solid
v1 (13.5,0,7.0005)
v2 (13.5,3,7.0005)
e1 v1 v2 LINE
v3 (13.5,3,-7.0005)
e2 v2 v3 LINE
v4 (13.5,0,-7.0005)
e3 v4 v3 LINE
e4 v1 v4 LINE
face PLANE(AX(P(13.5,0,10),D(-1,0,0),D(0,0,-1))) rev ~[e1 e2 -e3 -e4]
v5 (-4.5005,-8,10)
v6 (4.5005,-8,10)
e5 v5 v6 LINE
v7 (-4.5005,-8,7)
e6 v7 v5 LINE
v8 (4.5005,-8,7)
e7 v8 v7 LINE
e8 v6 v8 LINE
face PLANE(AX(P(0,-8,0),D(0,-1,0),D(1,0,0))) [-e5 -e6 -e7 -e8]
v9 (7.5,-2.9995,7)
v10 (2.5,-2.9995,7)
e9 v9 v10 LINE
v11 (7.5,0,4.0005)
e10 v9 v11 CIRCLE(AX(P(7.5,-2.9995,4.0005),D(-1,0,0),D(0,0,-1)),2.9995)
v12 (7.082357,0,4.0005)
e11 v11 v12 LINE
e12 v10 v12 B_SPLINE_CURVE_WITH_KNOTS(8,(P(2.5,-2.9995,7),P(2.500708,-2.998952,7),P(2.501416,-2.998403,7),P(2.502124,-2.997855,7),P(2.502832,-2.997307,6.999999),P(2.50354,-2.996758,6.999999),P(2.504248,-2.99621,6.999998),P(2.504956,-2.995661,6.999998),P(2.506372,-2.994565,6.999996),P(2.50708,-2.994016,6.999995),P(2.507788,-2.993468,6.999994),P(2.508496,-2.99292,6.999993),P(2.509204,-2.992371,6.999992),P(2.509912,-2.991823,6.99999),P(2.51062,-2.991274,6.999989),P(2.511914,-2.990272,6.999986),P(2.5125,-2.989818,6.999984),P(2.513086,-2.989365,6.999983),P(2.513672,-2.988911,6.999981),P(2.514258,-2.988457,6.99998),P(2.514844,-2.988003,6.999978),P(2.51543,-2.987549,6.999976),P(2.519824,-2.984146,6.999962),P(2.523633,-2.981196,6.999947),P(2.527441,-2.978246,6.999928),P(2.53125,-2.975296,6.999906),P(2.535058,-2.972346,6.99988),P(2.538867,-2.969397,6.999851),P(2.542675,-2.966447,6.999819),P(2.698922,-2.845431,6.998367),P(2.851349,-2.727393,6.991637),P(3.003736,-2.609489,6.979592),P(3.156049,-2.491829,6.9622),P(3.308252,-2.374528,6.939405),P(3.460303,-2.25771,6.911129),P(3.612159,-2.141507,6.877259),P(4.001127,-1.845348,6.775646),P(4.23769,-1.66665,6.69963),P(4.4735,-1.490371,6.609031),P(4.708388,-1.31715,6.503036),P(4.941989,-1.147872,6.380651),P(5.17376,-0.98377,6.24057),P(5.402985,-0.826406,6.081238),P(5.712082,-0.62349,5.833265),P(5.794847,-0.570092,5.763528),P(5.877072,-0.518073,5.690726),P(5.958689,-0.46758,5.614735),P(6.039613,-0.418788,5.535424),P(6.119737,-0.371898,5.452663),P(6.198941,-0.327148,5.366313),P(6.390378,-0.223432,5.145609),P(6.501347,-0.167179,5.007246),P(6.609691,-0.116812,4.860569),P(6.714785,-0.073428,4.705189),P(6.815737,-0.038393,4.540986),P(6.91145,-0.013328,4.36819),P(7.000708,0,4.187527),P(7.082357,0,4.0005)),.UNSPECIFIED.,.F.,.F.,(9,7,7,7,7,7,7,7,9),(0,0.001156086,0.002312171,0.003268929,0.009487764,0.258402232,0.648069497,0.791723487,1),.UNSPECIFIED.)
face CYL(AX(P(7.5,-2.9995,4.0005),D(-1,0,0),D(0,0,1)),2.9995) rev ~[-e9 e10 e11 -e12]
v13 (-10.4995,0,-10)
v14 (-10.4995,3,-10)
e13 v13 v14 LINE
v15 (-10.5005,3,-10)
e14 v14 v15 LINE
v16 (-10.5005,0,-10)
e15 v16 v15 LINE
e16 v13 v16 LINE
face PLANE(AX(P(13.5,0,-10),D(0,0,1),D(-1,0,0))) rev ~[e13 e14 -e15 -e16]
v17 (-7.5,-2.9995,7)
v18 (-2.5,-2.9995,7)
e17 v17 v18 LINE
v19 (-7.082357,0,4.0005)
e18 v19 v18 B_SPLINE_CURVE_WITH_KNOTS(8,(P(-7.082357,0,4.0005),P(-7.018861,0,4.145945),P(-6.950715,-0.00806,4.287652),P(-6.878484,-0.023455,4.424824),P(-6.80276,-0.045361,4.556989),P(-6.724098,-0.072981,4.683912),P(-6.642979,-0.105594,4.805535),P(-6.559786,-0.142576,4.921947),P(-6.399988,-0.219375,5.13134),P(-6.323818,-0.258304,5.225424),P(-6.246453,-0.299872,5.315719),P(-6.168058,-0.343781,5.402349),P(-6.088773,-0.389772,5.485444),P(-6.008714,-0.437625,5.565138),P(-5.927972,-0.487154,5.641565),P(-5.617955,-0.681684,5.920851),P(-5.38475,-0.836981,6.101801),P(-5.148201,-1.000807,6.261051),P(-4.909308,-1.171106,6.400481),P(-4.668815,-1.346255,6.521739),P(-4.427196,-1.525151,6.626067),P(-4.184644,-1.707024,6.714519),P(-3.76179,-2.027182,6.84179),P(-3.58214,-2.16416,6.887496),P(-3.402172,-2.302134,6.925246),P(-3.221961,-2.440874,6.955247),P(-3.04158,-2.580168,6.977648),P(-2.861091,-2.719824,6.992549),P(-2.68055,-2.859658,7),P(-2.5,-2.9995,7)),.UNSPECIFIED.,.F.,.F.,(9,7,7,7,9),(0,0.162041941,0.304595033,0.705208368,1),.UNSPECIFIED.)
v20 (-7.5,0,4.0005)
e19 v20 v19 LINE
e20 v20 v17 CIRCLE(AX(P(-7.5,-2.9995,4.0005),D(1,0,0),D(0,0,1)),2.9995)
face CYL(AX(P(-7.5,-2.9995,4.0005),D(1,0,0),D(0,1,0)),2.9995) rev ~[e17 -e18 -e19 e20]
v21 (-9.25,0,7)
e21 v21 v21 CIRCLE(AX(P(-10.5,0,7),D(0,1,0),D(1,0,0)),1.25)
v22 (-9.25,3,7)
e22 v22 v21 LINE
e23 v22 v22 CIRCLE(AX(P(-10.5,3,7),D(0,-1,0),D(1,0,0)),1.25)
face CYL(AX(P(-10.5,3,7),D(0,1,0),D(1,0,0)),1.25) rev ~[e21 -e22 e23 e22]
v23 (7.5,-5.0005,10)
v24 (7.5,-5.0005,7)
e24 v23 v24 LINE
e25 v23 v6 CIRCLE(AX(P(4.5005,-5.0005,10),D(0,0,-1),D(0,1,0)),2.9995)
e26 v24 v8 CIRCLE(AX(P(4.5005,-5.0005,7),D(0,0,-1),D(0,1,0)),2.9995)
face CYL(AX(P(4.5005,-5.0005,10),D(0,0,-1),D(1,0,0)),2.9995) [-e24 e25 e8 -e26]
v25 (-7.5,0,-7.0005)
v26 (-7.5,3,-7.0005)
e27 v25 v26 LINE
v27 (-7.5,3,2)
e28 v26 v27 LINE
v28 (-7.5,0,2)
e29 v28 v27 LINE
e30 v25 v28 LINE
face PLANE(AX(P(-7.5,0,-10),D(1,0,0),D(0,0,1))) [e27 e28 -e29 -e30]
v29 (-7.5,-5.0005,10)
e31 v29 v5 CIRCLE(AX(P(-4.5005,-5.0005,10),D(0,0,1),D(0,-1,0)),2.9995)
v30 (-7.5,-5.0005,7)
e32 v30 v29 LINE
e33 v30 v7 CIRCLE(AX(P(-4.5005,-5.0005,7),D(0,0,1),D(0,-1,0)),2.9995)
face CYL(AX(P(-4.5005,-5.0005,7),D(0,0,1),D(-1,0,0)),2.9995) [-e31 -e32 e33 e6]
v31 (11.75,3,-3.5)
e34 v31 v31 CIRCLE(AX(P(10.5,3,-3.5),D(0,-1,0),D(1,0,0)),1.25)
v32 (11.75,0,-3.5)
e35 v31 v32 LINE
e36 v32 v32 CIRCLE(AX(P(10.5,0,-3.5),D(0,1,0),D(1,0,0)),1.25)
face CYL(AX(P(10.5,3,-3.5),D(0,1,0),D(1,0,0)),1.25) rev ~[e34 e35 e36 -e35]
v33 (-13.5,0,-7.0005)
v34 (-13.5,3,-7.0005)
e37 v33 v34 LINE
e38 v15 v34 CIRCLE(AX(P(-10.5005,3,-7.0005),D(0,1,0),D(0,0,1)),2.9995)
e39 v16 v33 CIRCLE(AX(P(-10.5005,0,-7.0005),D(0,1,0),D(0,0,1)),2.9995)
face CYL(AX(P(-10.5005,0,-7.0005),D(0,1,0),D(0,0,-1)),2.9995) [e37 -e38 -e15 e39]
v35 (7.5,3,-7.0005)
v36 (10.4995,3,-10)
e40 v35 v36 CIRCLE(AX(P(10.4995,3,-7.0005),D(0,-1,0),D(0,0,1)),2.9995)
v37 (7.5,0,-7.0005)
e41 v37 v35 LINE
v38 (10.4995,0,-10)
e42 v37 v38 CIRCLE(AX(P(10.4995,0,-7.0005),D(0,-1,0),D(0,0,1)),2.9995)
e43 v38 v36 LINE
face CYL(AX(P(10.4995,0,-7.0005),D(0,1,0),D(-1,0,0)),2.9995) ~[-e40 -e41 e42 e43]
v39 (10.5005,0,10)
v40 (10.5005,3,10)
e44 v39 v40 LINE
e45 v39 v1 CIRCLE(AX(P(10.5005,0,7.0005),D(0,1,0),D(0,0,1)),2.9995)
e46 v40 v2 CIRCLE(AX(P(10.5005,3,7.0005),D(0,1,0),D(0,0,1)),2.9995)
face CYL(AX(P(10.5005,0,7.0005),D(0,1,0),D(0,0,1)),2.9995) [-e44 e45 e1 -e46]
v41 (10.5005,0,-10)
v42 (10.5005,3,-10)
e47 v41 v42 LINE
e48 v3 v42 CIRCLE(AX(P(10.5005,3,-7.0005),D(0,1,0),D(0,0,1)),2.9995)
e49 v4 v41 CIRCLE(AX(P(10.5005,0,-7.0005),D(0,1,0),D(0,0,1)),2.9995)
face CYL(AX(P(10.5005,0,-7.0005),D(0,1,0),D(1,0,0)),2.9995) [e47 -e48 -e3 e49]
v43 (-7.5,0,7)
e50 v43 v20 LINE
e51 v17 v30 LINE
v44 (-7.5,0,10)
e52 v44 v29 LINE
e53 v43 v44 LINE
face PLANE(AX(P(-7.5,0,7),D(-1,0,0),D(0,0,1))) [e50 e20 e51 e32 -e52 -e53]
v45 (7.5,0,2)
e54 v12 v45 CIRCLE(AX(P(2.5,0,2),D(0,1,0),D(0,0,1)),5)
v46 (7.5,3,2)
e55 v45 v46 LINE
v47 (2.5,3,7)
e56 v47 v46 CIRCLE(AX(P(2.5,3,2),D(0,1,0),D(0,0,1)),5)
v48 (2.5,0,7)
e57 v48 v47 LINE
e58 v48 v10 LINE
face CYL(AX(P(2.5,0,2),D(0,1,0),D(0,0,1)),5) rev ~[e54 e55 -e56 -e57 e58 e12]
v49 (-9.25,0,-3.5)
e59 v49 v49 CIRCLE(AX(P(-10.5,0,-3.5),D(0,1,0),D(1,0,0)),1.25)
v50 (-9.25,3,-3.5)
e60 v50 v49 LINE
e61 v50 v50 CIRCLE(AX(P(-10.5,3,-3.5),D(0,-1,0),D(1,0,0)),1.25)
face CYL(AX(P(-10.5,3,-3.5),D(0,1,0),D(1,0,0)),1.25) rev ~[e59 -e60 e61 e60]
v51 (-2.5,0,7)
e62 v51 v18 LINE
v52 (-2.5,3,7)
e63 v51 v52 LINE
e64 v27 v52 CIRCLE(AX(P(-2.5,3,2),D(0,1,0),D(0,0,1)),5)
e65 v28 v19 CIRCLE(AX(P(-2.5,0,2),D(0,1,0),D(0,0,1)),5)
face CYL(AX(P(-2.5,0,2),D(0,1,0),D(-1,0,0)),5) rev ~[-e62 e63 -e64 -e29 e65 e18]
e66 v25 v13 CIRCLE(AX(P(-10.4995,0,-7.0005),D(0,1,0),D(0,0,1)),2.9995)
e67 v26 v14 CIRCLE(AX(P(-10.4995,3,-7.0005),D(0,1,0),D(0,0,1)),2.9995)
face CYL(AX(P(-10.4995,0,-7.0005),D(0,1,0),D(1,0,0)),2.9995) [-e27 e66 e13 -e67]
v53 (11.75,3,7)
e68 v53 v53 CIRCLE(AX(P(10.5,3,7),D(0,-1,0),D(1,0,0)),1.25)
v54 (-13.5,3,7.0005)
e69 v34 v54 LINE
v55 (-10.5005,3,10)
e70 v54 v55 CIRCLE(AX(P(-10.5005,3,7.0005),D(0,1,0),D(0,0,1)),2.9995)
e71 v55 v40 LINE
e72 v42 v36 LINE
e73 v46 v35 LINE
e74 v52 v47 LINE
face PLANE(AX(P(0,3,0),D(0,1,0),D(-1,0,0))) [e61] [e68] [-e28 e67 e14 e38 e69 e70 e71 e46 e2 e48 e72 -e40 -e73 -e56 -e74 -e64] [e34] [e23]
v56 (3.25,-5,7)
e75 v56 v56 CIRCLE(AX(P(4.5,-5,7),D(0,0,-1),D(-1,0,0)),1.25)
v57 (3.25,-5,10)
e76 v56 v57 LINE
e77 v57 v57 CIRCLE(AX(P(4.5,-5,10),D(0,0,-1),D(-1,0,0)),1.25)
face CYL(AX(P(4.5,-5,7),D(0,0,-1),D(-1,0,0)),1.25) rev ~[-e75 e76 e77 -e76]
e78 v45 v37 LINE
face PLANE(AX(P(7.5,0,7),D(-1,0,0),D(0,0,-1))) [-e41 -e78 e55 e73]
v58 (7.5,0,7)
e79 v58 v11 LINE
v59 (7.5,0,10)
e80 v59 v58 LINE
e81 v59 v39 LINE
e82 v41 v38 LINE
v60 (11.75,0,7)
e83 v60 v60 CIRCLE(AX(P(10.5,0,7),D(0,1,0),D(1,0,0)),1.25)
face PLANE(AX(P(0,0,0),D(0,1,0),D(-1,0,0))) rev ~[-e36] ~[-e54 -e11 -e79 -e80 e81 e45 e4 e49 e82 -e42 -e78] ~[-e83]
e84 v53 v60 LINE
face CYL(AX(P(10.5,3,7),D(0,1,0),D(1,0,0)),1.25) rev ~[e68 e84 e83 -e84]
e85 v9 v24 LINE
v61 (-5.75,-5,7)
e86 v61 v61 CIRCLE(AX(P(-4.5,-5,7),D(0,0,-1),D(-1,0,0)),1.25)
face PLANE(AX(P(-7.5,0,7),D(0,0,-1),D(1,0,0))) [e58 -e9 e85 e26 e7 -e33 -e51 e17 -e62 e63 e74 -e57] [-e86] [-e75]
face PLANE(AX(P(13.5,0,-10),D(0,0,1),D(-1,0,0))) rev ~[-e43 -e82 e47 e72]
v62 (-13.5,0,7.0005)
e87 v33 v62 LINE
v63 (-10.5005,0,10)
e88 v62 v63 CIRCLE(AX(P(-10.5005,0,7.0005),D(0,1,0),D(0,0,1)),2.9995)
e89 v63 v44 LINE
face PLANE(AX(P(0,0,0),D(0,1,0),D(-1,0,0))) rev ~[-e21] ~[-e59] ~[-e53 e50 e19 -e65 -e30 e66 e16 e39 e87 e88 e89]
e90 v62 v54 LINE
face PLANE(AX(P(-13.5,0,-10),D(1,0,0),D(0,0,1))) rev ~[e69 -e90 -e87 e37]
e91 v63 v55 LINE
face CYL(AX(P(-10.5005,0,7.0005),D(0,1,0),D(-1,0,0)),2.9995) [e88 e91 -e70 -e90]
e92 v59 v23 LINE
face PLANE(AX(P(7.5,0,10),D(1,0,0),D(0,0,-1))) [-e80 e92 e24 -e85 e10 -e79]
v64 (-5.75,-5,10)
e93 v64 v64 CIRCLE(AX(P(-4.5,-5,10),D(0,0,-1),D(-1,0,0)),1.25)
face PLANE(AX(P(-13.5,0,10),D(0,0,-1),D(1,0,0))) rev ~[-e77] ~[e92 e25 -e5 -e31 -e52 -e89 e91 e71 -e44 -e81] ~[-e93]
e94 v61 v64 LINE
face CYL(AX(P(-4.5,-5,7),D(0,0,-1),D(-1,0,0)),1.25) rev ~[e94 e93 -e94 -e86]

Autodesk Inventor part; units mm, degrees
ref_plane "YZ Plane" through (0, 0, 0) normal (1, 0, 0) x (0, 1, 0)
ref_plane "XZ Plane" through (0, 0, 0) normal (0, 1, 0) x (-1, 0, 0)
ref_plane "XY Plane" through (0, 0, 0) normal (0, 0, 1) x (1, 0, 0)
sketch "Sketch1" plane through (0, 0, 0) normal (0, 1, 0) x (-1, 0, 0)
  line L0 (13.5, 10) -> (-13.5, 10)
  line L1 (-13.5, 10) -> (-13.5, -10)
  line L2 (-13.5, -10) -> (13.5, -10)
  line L3 (13.5, -10) -> (13.5, 10)
  line L4 (13.5, 10) -> (-13.5, -10) construction
  line L5 (-13.5, 10) -> (13.5, -10) construction
  point P0 (0, 0)
  dimension "d0" = 27
  dimension "d1" = 20
extrude "Extrusion1" add sketch "Sketch1" along normal blind 3
sketch "Sketch2" plane through (0, 3, 0) normal (0, 1, 0) x (1, 0, 0)
  line L0 (-13.5, -10) -> (13.5, -10) projected
  line L1 (0, -10) -> (-10.5, -10)
  line L2 (-10.5, -10) -> (-10.5, -7)
  line L3 (-10.5, -7) -> (-10.5, 3.5)
  circle A0 centre (-10.5, -7) radius 1.25
  circle A1 centre (-10.5, 3.5) radius 1.25
  line L4 (-10.5, -7) -> (10.5, -7)
  line L5 (10.5, -7) -> (10.5, 3.5)
  circle A2 centre (10.5, -7) radius 1.25
  circle A3 centre (10.5, 3.5) radius 1.25
  point P0 (0, 0)
  dimension "d4" = 10.5
  dimension "d5" = 3
  dimension "d6" = 10.5
  dimension "d7" = 2.5
  dimension "d8" = 2.5
  dimension "d9" = 21
  dimension "d10" = 10.5
  dimension "d11" = 2.5
  dimension "d12" = 2.5
extrude "Extrusion2" cut sketch "Sketch2" against normal up to next
sketch "Sketch3" plane through (0, 0, 0) normal (0, -1, 0) x (1, 0, 0)
  line L0 (-13.5, 10) -> (13.5, 10) projected
  line L1 (0, 10) -> (0, 8.5)
  line L2 (7.5, 7) -> (-7.5, 7)
  line L3 (-7.5, 7) -> (-7.5, 10)
  line L4 (-7.5, 10) -> (7.5, 10)
  line L5 (7.5, 10) -> (7.5, 7)
  line L6 (7.5, 7) -> (-7.5, 10) construction
  line L7 (-7.5, 7) -> (7.5, 10) construction
  point P0 (0, 0)
  dimension "d15" = 1.5
  dimension "d16" = 15
  dimension "d17" = 3
extrude "Extrusion3" add sketch "Sketch3" along normal blind 8
sketch "Sketch4" plane through (7.5, 0, 7) normal (0, 0, -1) x (-1, 0, 0)
  circle A0 centre (3, -5) radius 1.25
  circle A1 centre (12, -5) radius 1.25
  line L0 (0, 0) -> (0, -8) projected
  line L1 (15, -8) -> (0, -8) projected
  line L2 (15, 0) -> (15, -8) projected
  point P0 (7.5, 0)
  dimension "d20" = 2.5
  dimension "d21" = 2.5
  dimension "d22" = 3
  dimension "d23" = 3
  dimension "d24" = 3
  dimension "d25" = 3
extrude "Extrusion4" cut sketch "Sketch4" against normal up to next
sketch "Sketch5" plane through (0, 0, 0) normal (0, -1, 0) x (1, 0, 0)
  line L0 (13.5, -10) -> (-13.5, -10) projected
  line L1 (13.5, -10) -> (7.5, -10)
  line L2 (7.5, -10) -> (-7.5, -10)
  line L3 (-7.5, -10) -> (-7.5, 7)
  line L4 (-7.5, 7) -> (7.5, 7)
  line L5 (7.5, 7) -> (7.5, -10)
  point P0 (0, 0)
  dimension "d28" = 6
extrude "Extrusion5" cut sketch "Sketch5" against normal up to next
fillet "Fillet1" radius 5 2 edges at (-7.5, 1.5, 7) (7.5, 1.5, 7)
fillet "Fillet2" radius 3 10 edges at (7.5, 1.5, -10) (13.5, 1.5, -10) (-7.5, 1.5, -10) (-13.5, 1.5, -10) (-13.5, 1.5, 10) (13.5, 1.5, 10) (-7.5, -8, 8.5) (7.5, -8, 8.5) (-5, 0, 7) (5, 0, 7)
properties part number "cam_holder" material "Nylon 6/6"
